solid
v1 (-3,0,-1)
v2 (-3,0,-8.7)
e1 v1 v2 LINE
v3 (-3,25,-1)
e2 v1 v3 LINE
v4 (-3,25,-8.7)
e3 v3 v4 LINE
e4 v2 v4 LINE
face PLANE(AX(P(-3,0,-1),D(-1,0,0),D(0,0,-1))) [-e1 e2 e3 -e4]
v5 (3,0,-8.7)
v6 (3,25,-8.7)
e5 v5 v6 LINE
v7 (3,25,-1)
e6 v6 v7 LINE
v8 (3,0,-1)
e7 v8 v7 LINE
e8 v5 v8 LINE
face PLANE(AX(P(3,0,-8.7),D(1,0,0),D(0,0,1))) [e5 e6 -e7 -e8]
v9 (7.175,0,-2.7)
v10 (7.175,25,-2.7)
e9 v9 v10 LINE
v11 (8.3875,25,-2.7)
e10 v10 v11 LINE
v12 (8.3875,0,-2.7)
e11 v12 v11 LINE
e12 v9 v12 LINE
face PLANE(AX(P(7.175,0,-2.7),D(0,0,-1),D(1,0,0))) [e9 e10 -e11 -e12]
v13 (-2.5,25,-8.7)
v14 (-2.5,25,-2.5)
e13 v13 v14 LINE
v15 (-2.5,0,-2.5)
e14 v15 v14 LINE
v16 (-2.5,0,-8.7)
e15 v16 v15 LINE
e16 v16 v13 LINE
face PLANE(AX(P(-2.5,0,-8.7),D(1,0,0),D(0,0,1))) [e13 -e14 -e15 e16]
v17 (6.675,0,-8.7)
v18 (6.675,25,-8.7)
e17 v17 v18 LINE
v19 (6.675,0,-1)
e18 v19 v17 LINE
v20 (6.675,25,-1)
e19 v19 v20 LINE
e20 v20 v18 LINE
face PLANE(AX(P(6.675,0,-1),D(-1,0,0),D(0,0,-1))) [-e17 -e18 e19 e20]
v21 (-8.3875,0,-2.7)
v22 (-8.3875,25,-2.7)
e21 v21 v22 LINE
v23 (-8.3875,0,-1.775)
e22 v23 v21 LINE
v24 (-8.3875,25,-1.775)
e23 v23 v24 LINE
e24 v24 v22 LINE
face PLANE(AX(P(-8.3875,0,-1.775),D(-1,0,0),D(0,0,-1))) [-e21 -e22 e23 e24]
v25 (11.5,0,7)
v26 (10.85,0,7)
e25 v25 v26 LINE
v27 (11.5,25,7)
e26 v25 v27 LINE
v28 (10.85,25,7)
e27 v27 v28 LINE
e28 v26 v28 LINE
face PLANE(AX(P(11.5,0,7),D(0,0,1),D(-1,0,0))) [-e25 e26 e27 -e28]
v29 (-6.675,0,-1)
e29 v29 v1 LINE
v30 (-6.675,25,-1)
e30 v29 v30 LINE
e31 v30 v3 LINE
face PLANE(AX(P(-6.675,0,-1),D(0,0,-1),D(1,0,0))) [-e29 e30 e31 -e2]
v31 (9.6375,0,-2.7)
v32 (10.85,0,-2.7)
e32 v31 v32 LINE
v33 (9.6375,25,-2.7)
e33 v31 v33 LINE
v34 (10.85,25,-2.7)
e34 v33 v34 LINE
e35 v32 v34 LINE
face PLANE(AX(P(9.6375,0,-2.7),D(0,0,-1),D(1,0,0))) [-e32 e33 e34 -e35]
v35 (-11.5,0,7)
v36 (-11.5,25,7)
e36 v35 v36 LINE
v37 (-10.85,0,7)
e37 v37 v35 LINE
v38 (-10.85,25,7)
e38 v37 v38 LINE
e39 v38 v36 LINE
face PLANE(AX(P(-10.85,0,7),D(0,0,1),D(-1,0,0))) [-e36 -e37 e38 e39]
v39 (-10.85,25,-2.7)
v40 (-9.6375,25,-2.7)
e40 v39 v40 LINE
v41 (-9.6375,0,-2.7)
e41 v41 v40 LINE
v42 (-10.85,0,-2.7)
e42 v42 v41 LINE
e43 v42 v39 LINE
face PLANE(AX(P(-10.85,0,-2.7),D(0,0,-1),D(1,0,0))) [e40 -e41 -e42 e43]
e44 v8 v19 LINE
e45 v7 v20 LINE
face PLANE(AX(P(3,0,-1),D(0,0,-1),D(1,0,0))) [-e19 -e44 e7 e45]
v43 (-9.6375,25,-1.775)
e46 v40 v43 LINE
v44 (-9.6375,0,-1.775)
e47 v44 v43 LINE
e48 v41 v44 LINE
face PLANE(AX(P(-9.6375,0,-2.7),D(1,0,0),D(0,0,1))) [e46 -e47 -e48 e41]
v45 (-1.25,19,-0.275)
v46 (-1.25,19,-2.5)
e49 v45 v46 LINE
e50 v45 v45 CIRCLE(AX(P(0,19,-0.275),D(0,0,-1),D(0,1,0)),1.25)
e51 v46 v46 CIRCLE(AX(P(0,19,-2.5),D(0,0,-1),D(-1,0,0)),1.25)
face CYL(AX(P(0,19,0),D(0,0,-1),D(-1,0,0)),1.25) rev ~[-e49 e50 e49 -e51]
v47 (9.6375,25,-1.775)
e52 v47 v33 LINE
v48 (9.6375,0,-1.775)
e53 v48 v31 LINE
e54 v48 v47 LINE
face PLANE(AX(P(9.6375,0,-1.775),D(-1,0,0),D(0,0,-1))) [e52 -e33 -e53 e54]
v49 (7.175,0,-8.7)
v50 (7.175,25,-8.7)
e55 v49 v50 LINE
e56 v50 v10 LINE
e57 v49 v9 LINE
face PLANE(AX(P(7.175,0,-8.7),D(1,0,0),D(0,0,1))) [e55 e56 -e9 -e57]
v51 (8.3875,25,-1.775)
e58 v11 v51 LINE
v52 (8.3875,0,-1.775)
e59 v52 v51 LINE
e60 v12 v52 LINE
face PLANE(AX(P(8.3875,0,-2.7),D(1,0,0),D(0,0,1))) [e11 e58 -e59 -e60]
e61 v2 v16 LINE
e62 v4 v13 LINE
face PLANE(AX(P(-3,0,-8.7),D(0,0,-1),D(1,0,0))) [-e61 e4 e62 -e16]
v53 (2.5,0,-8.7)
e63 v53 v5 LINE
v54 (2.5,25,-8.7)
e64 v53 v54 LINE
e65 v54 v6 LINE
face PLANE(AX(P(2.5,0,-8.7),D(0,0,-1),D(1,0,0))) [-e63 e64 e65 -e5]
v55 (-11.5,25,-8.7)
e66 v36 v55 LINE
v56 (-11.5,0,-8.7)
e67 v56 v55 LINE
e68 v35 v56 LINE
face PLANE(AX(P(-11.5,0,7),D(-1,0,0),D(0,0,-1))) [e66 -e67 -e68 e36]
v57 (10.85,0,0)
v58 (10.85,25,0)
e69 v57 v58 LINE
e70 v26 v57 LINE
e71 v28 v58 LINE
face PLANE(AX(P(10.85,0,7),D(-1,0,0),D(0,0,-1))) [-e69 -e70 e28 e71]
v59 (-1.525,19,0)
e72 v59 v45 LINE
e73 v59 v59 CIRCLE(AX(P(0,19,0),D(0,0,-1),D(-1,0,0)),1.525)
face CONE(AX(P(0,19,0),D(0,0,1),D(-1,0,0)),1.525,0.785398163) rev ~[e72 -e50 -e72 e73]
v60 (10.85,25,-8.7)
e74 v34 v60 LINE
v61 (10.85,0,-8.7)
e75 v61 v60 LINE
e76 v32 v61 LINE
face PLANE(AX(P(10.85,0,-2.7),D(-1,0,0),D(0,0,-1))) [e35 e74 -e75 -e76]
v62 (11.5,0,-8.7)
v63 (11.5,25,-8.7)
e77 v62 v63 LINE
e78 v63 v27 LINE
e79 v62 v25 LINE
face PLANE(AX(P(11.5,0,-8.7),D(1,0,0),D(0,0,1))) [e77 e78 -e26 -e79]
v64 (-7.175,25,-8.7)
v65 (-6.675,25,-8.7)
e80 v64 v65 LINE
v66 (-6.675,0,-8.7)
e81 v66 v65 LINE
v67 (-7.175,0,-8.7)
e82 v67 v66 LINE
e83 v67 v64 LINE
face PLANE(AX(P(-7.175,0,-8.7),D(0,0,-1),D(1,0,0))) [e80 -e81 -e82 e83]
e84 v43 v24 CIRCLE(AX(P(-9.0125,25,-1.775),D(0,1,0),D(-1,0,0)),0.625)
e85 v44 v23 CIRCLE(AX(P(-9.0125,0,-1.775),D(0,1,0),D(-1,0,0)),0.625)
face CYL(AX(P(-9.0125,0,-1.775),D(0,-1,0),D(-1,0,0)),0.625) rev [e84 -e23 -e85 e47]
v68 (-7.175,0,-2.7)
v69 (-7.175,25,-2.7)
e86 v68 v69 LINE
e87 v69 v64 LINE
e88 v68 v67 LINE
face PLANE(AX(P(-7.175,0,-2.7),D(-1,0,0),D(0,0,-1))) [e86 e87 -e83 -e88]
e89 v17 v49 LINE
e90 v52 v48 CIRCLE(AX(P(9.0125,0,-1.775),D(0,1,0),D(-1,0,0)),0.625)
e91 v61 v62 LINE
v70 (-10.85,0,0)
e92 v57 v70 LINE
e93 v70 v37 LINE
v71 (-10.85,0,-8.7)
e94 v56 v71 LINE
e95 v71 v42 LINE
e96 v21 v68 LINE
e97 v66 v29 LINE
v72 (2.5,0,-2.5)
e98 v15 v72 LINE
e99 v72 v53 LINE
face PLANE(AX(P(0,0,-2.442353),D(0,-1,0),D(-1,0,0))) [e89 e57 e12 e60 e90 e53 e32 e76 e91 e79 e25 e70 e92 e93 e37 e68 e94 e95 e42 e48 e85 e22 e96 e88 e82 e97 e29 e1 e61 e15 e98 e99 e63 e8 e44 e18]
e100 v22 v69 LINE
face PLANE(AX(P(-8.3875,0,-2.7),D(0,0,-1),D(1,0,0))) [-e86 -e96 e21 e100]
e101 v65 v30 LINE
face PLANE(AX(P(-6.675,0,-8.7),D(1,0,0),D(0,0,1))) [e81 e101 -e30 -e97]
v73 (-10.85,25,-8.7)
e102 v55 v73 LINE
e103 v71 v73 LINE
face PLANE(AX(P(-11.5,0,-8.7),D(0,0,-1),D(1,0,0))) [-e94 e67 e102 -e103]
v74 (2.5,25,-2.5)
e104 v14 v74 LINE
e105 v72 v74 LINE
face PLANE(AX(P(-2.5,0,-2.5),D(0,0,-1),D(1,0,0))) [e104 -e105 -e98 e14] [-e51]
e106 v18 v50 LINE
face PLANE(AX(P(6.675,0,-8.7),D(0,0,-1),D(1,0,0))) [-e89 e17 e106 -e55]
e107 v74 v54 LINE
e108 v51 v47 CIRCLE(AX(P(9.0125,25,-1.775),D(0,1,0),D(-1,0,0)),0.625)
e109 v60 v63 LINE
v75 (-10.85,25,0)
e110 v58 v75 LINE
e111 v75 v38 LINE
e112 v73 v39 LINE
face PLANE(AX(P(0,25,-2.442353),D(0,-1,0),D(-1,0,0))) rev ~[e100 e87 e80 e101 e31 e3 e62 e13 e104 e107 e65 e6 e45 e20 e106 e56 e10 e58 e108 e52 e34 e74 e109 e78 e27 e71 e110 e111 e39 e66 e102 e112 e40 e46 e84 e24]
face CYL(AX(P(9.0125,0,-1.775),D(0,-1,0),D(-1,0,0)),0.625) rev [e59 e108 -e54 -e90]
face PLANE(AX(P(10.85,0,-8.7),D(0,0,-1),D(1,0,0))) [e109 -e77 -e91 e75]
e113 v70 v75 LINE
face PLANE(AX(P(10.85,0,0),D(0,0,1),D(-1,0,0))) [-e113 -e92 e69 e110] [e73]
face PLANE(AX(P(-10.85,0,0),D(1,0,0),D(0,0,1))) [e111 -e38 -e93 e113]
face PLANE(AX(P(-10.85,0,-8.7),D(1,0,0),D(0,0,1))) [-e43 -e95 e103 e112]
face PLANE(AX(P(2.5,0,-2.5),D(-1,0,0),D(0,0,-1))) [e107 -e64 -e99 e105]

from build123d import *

# Parameters (mm, degrees)
BOSS_EXTRUDE1_DEPTH         = 25
M3_TAPPED_HOLE1_D           = 2.5
M3_TAPPED_HOLE1_CSINK_D     = 3.05
M3_TAPPED_HOLE1_CSINK_ANGLE = 90


with BuildPart() as part:
    # Sketch1 → Boss-Extrude1 (new body)
    with BuildSketch(Plane(origin=(0, 0, 0), x_dir=(1, 0, 0), z_dir=(0, 1, 0))):
        with BuildLine():
            Line((-11.5, 8.7), (-10.85, 8.7))
            Line((-10.85, 8.7), (-10.85, 2.7))
            Line((-10.85, 2.7), (-9.6375, 2.7))
            Line((-9.6375, 2.7), (-9.6375, 1.775))
            ThreePointArc((-9.6375, 1.775), (-9.0125, 1.15), (-8.3875, 1.775))
            Line((-8.3875, 1.775), (-8.3875, 2.7))
            Line((-8.3875, 2.7), (-7.175, 2.7))
            Line((-7.175, 2.7), (-7.175, 8.7))
            Line((-7.175, 8.7), (-6.675, 8.7))
            Line((-6.675, 8.7), (-6.675, 1))
            Line((-6.675, 1), (-3, 1))
            Line((-3, 1), (-3, 8.7))
            Line((-3, 8.7), (-2.5, 8.7))
            Line((-2.5, 8.7), (-2.5, 2.5))
            Line((-2.5, 2.5), (2.5, 2.5))
            Line((2.5, 2.5), (2.5, 8.7))
            Line((2.5, 8.7), (3, 8.7))
            Line((3, 8.7), (3, 1))
            Line((3, 1), (6.675, 1))
            Line((6.675, 1), (6.675, 8.7))
            Line((6.675, 8.7), (7.175, 8.7))
            Line((7.175, 8.7), (7.175, 2.7))
            Line((7.175, 2.7), (8.3875, 2.7))
            Line((8.3875, 2.7), (8.3875, 1.775))
            ThreePointArc((8.3875, 1.775), (9.0125, 1.15), (9.6375, 1.775))
            Line((9.6375, 1.775), (9.6375, 2.7))
            Line((9.6375, 2.7), (10.85, 2.7))
            Line((10.85, 2.7), (10.85, 8.7))
            Line((10.85, 8.7), (11.5, 8.7))
            Line((11.5, 8.7), (11.5, -7))
            Line((11.5, -7), (10.85, -7))
            Line((10.85, -7), (10.85, 0))
            Line((10.85, 0), (-10.85, 0))
            Line((-10.85, 0), (-10.85, -7))
            Line((-10.85, -7), (-11.5, -7))
            Line((-11.5, -7), (-11.5, 8.7))
        make_face()
    extrude(amount=BOSS_EXTRUDE1_DEPTH)

    # M3 Tapped Hole1 (through all)
    with Locations(Plane.XY):
        with Locations((0, 19)):
            CounterSinkHole(M3_TAPPED_HOLE1_D / 2, M3_TAPPED_HOLE1_CSINK_D / 2, counter_sink_angle=M3_TAPPED_HOLE1_CSINK_ANGLE)


solid = part.part
